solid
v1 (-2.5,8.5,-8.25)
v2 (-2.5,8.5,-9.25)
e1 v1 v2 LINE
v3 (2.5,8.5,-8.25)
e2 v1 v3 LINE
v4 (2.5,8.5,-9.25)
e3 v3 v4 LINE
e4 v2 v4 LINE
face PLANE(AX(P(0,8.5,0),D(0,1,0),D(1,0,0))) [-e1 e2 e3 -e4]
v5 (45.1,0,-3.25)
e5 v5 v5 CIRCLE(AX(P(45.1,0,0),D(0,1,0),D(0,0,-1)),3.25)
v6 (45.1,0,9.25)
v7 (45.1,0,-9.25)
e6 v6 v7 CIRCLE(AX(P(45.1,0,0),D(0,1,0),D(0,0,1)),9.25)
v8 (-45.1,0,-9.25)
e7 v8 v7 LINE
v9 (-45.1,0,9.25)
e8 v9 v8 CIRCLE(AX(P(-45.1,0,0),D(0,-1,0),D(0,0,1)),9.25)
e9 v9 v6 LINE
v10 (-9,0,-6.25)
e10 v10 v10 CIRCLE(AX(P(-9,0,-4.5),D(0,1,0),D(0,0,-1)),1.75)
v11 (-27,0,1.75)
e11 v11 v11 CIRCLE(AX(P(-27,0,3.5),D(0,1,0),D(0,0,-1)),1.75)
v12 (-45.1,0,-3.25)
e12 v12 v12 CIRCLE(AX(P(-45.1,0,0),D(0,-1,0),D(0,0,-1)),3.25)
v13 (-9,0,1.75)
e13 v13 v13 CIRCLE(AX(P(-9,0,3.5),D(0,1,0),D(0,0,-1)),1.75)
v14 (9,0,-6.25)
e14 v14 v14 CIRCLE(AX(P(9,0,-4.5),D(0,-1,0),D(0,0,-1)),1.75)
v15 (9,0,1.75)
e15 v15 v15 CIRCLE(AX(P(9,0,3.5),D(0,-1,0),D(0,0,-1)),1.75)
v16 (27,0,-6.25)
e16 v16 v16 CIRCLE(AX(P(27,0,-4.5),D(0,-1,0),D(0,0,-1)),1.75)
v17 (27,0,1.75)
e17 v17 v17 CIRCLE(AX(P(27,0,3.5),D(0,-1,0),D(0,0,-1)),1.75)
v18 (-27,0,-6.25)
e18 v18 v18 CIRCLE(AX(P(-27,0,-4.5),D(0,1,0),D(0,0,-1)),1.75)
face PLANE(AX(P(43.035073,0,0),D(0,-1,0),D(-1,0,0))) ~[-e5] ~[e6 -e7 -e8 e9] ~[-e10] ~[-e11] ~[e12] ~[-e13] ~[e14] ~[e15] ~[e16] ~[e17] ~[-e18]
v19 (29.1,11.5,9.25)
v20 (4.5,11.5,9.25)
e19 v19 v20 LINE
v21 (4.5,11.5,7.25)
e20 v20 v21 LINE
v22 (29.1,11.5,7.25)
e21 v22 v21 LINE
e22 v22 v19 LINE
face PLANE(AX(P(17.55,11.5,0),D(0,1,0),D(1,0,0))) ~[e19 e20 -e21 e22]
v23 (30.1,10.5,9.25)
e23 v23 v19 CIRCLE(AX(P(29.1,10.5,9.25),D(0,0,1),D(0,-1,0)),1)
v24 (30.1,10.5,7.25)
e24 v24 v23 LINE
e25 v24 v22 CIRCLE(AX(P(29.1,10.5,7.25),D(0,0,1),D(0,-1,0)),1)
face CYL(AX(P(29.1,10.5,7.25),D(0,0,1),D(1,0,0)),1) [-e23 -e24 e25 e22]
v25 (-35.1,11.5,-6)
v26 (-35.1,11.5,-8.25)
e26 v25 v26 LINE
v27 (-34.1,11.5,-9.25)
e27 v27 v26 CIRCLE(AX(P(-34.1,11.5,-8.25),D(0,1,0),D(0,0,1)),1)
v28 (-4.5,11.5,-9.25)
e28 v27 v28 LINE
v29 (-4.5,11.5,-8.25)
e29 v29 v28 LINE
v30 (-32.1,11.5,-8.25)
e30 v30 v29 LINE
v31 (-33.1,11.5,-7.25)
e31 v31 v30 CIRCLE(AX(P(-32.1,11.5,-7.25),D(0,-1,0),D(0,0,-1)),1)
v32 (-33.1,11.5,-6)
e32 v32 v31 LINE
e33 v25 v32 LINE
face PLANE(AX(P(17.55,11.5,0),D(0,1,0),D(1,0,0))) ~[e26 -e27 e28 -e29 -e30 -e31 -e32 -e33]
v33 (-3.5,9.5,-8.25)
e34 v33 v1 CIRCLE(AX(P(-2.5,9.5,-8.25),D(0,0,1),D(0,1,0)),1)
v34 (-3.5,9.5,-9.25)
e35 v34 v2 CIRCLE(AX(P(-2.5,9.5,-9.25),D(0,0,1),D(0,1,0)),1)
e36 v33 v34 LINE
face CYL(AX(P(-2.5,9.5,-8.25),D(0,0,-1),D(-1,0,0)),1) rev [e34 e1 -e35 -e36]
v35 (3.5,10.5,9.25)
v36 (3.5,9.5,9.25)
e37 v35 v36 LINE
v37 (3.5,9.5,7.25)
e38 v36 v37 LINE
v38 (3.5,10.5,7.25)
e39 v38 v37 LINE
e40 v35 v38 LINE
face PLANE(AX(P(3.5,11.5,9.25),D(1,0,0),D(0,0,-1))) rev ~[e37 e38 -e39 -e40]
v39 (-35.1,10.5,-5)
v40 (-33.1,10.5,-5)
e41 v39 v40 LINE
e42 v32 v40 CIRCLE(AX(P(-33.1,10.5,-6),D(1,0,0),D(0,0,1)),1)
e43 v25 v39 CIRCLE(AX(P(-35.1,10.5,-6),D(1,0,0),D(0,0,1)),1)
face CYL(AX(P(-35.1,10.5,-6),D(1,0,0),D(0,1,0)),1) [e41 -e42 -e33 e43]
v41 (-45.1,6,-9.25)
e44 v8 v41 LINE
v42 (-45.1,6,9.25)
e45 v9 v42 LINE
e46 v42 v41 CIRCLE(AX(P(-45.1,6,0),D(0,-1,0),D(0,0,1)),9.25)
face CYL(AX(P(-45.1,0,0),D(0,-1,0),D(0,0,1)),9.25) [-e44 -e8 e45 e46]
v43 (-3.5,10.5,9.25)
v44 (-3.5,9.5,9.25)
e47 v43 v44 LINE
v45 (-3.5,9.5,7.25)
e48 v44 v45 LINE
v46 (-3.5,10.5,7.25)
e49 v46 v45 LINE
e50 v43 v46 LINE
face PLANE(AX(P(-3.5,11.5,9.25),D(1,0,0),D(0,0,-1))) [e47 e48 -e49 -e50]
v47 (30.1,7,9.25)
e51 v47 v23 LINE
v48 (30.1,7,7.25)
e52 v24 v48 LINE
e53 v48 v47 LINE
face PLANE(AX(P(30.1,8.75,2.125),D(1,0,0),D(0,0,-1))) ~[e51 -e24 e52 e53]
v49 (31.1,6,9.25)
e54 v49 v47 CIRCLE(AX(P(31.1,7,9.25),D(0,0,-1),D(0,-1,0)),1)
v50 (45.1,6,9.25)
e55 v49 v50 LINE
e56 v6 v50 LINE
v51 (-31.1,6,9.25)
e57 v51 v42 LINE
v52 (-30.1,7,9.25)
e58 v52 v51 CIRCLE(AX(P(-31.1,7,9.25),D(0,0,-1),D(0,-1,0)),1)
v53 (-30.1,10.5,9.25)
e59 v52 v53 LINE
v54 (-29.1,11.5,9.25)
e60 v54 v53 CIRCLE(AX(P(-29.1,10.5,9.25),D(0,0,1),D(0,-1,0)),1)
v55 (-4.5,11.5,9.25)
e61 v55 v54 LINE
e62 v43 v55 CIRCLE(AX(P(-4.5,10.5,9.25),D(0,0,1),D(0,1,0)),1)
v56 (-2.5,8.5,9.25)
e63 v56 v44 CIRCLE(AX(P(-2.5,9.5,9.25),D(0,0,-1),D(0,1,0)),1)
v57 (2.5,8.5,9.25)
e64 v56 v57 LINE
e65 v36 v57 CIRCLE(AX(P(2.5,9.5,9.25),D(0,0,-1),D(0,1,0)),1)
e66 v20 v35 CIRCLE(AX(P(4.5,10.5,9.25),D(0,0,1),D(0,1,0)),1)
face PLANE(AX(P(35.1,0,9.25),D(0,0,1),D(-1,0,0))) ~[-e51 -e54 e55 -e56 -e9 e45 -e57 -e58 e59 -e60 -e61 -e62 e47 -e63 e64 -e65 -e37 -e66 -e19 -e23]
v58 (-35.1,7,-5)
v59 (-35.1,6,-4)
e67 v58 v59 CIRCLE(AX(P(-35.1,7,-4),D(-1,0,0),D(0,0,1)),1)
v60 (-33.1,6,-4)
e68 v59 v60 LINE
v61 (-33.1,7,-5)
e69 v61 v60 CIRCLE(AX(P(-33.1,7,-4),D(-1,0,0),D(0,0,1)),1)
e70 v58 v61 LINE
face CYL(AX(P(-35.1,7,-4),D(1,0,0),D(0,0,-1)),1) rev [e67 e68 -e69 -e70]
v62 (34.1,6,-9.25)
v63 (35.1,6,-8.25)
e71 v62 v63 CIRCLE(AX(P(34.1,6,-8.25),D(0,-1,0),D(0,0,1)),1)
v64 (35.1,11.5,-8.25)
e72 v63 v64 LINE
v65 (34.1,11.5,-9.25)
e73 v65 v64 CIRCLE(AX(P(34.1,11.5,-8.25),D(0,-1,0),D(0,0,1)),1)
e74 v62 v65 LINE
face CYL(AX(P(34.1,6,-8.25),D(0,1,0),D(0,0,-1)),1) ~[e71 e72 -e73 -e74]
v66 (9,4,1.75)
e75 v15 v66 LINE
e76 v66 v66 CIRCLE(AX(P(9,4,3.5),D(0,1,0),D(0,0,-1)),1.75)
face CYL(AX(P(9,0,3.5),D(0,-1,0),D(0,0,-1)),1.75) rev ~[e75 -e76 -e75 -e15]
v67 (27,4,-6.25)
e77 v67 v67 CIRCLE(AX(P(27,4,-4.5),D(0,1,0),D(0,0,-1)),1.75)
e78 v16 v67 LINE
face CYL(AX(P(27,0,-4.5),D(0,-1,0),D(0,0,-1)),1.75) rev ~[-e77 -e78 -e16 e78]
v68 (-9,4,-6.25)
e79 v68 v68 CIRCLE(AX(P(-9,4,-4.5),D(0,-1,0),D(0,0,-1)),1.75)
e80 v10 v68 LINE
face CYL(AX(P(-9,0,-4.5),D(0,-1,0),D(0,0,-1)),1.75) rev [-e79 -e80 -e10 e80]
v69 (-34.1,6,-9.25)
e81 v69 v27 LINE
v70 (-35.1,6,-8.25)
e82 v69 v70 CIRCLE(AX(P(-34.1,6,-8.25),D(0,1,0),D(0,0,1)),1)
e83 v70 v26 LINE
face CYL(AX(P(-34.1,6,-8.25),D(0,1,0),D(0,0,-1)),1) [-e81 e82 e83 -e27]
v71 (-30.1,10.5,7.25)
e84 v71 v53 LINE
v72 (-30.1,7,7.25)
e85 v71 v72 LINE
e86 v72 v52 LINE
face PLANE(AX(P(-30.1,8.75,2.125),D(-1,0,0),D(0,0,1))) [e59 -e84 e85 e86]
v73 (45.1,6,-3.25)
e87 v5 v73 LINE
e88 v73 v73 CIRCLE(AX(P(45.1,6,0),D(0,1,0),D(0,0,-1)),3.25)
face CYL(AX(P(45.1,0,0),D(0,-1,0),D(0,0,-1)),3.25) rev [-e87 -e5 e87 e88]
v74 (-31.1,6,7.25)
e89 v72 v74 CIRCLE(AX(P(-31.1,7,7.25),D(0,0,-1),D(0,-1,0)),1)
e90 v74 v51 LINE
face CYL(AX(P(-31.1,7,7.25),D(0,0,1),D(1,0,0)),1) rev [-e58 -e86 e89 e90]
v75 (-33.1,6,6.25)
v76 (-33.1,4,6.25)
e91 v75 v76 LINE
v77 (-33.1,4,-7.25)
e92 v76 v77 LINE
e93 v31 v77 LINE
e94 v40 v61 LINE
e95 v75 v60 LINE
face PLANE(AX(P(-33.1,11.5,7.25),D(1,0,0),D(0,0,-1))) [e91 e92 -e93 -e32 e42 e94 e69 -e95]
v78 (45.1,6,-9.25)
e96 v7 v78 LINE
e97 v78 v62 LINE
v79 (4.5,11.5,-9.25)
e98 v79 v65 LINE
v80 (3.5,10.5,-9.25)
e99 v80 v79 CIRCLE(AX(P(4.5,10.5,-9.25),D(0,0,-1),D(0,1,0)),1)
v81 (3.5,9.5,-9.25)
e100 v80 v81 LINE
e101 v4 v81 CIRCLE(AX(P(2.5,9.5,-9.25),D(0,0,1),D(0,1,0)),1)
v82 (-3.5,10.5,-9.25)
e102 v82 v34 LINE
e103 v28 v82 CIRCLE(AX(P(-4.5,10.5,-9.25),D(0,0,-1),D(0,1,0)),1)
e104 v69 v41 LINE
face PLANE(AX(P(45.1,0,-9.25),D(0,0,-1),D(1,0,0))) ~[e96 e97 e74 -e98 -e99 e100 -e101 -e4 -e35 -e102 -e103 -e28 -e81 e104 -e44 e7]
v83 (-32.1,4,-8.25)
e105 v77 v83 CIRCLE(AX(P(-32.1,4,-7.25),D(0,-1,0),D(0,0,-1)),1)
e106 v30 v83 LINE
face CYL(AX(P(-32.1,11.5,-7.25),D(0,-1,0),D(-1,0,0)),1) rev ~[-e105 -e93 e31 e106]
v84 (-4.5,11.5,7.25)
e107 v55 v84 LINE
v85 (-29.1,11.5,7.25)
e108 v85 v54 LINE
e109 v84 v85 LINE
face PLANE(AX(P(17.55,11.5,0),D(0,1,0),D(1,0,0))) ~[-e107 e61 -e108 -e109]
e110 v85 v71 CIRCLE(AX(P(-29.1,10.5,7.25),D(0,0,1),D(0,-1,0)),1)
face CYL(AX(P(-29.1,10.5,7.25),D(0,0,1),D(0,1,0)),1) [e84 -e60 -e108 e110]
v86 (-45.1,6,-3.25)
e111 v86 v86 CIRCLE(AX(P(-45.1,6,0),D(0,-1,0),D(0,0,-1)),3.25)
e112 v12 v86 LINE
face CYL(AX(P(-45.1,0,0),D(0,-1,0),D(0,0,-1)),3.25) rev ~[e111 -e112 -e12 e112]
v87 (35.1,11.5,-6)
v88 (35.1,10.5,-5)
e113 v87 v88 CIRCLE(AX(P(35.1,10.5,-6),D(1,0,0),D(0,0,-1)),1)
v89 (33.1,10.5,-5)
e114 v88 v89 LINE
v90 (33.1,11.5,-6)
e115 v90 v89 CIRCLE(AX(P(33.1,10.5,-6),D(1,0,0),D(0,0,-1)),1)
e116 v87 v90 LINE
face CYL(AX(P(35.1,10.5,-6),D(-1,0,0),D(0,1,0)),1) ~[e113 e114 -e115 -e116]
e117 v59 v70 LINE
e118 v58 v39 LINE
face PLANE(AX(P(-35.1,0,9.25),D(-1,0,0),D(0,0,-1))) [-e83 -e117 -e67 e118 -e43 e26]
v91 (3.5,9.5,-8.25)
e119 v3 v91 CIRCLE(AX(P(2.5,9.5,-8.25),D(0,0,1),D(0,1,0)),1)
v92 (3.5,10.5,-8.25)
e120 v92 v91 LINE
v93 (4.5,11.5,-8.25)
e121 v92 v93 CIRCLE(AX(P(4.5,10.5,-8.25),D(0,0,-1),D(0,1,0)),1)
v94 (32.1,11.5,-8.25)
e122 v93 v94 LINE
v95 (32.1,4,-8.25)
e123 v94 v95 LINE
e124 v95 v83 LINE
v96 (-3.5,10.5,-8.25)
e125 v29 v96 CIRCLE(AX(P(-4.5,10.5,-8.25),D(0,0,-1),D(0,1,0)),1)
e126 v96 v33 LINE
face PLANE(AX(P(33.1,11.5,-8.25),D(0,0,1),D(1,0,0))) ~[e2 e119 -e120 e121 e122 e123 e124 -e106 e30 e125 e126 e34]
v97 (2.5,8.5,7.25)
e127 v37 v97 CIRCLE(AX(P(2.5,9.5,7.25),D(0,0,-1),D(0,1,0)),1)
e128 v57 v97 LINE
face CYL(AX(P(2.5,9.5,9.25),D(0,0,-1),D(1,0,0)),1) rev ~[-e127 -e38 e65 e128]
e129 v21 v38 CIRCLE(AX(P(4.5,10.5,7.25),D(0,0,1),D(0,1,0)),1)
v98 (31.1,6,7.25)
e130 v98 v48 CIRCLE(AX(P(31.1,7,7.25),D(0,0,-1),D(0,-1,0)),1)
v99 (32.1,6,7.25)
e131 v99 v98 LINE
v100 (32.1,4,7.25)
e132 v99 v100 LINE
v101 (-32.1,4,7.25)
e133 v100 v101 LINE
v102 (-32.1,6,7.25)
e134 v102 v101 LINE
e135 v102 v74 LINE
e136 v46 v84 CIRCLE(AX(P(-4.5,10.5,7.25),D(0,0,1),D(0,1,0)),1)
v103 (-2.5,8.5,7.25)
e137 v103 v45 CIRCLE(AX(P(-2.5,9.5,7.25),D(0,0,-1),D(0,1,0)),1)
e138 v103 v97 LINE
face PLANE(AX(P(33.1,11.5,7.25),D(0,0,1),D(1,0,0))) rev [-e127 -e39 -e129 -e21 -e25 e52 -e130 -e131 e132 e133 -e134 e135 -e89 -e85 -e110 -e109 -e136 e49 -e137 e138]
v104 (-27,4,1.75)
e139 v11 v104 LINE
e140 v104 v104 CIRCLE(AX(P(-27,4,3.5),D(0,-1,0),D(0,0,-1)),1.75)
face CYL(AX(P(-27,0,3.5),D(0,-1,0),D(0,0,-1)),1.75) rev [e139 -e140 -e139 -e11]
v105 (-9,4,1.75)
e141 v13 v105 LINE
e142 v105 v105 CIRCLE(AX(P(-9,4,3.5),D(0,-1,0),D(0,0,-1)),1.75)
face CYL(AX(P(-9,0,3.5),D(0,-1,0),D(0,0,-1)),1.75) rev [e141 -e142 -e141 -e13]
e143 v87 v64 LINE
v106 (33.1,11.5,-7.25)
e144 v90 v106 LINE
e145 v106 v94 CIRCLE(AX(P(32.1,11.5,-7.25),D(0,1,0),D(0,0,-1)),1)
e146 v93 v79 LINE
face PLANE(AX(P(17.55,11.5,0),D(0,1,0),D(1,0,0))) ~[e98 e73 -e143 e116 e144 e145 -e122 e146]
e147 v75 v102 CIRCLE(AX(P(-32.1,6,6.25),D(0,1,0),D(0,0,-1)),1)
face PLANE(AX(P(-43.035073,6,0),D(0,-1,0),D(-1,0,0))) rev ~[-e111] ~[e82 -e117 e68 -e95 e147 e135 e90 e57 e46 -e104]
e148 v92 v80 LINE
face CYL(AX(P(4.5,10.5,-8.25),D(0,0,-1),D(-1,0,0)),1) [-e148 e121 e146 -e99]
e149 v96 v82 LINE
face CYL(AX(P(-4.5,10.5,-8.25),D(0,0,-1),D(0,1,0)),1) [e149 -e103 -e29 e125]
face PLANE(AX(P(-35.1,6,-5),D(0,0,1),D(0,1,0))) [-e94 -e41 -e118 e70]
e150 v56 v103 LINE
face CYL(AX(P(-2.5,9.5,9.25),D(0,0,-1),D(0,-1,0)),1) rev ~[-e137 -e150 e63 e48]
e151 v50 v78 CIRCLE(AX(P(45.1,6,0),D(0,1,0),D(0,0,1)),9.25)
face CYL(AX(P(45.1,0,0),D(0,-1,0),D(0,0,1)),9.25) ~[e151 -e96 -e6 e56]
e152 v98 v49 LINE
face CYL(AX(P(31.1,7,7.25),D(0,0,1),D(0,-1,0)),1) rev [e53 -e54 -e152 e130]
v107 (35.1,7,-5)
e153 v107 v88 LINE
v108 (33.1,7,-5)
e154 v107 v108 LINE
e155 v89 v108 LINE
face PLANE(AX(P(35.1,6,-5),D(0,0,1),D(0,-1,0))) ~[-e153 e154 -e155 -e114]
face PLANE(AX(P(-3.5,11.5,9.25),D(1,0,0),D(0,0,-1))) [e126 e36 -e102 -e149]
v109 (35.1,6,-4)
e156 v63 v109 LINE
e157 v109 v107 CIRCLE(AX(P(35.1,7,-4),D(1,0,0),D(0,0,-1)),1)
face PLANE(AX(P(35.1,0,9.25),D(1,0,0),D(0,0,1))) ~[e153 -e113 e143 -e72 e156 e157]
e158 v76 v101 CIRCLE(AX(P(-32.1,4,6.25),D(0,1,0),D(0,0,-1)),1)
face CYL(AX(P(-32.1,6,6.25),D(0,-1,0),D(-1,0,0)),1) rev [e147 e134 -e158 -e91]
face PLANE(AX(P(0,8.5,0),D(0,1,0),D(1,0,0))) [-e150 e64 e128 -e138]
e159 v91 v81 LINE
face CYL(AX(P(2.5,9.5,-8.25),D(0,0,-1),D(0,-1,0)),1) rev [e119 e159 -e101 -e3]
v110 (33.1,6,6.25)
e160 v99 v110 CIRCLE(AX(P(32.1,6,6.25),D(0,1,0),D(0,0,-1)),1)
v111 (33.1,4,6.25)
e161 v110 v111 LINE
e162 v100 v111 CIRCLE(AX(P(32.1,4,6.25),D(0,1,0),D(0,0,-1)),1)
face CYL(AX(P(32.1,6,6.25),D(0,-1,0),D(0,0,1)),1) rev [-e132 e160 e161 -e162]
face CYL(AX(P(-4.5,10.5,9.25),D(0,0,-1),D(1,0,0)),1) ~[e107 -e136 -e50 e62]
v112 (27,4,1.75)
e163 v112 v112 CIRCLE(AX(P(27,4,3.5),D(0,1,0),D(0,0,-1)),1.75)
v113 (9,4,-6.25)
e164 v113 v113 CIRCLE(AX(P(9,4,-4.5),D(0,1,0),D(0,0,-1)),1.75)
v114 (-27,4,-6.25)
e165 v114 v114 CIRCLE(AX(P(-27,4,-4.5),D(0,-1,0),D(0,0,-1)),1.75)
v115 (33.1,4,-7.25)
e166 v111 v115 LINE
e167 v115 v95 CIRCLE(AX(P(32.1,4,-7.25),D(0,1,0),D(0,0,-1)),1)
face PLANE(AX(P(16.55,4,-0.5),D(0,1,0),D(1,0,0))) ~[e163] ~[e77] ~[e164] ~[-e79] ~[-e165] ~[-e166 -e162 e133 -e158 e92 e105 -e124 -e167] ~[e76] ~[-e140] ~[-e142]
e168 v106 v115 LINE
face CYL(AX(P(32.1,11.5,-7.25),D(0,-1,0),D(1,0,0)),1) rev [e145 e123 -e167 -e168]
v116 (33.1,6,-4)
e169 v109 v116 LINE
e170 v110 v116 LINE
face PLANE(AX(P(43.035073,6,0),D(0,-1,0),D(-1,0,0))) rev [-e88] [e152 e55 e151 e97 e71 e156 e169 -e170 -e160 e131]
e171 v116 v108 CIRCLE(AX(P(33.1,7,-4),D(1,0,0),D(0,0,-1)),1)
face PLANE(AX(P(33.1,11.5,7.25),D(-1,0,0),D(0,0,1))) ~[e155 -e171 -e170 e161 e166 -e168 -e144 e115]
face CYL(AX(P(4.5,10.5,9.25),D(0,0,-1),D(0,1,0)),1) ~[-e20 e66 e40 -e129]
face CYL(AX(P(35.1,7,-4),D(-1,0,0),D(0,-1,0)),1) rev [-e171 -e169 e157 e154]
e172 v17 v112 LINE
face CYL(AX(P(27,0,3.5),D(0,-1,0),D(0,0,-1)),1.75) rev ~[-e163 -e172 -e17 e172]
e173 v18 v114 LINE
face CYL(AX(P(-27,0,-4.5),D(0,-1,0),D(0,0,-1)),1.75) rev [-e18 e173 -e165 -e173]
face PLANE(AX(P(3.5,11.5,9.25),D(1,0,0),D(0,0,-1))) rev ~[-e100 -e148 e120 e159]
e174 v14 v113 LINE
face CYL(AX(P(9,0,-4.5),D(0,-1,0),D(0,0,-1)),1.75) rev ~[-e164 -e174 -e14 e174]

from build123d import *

# Parameters (mm, degrees)
SKETCH1_W           = 35.1
SKETCH1_H           = 18.5
BOSS_EXTRUDE1_DEPTH = 11.5
SKETCH7_W           = 33.1
SKETCH7_H           = 15.5
CUT_EXTRUDE5_DEPTH  = 7.5
SKETCH2_R           = 1.75
CUT_EXTRUDE1_DEPTH  = 39.076534769
SKETCH4_W           = 14.25
SKETCH4_H           = 5.5
CUT_EXTRUDE3_DEPTH  = 5
SKETCH8_R           = 3.25
BOLT_EXTRUDE_DEPTH  = 6
FILLET3_R           = 1
SKETCH9_W           = 7
SKETCH9_H           = 18.5
CUT_EXTRUDE6_DEPTH  = 3
FILLET6_R           = 1


with BuildPart() as part:
    # Sketch1 → Boss-Extrude1 (new body)
    with BuildSketch(Plane(origin=(0, 0, 0), x_dir=(1, 0, 0), z_dir=(0, 1, 0))):
        with Locations((-17.55, 0)):
            Rectangle(SKETCH1_W, SKETCH1_H)
    extrude(amount=BOSS_EXTRUDE1_DEPTH)

    # Sketch7 → Cut-Extrude5 (cut)
    with BuildSketch(Plane(origin=(0, 11.5, 0), x_dir=(1, 0, 0), z_dir=(0, 1, 0))):
        with Locations((-16.55, 0.5)):
            Rectangle(SKETCH7_W, SKETCH7_H)
    extrude(amount=-CUT_EXTRUDE5_DEPTH, mode=Mode.SUBTRACT)

    # Sketch2 → Cut-Extrude1 (cut, through all)
    with BuildSketch(Plane(origin=(0, 0, 0), x_dir=(-1, 0, 0), z_dir=(0, 1, 0))):
        with Locations(Location((27, 3.5, 0), (0, 0, 270))):
            Circle(SKETCH2_R)
        with Locations(Location((9, 3.5, 0), (0, 0, 270))):
            Circle(SKETCH2_R)
        with Locations(Location((27, -4.5, 0), (0, 0, 270))):
            Circle(SKETCH2_R)
        with Locations(Location((9, -4.5, 0), (0, 0, 270))):
            Circle(SKETCH2_R)
    extrude(amount=CUT_EXTRUDE1_DEPTH, mode=Mode.SUBTRACT)

    # Sketch4 → Cut-Extrude3 (cut)
    with BuildSketch(Plane.ZY.offset(35.1)):
        with Locations((2.125, 8.75)):
            Rectangle(SKETCH4_W, SKETCH4_H)
    extrude(amount=-CUT_EXTRUDE3_DEPTH, mode=Mode.SUBTRACT)

    # Sketch8 → bolt extrude (add)
    with BuildSketch(Plane(origin=(0, 0, 0), x_dir=(-1, 0, 0), z_dir=(0, -1, 0))):
        with BuildLine():
            Line((35.1, -9.25), (45.1, -9.25))
            ThreePointArc((45.1, -9.25), (54.35, 0), (45.1, 9.25))
            Line((45.1, 9.25), (35.1, 9.25))
            Line((35.1, 9.25), (35.1, -9.25))
        make_face()
        with Locations(Location((45.1, 0, 0), (0, 0, 90))):
            Circle(SKETCH8_R, mode=Mode.SUBTRACT)
    extrude(amount=-BOLT_EXTRUDE_DEPTH)

    # Mirror1: part across plane


with BuildPart() as part_1:
    add(part.part)
    add(part.part.mirror(Plane(origin=(0, 0, 0), x_dir=(0, 0, 1), z_dir=(1, 0, 0))))

    # Fillet3
    fillet3_edges = [part_1.edges().sort_by_distance(p)[0] for p in [
        (-34.1, 6, -5),
        (-34.1, 11.5, -5),
        (-30.1, 11.5, 8.25),
        (-30.1, 6, 8.25),
        (34.1, 11.5, -5),
        (34.1, 6, -5),
        (30.1, 11.5, 8.25),
        (30.1, 6, 8.25),
    ]]
    fillet(fillet3_edges, radius=FILLET3_R)

    # Sketch9 → Cut-Extrude6 (cut)
    with BuildSketch(Plane(origin=(0, 11.5, 0), x_dir=(1, 0, 0), z_dir=(0, 1, 0))):
        Rectangle(SKETCH9_W, SKETCH9_H)
    extrude(amount=-CUT_EXTRUDE6_DEPTH, mode=Mode.SUBTRACT)

    # Fillet6
    fillet6_edges = [part_1.edges().sort_by_distance(p)[0] for p in [
        (-33.1, 7.75, -8.25),
        (-33.1, 5, 7.25),
        (-3.5, 8.5, -8.75),
        (-3.5, 8.5, 8.25),
        (3.5, 8.5, -8.75),
        (3.5, 8.5, 8.25),
        (-3.5, 11.5, -8.75),
        (3.5, 11.5, -8.75),
        (3.5, 11.5, 8.25),
        (-3.5, 11.5, 8.25),
        (-35.1, 8.75, -9.25),
        (35.1, 8.75, -9.25),
        (33.1, 7.75, -8.25),
        (33.1, 5, 7.25),
    ]]
    fillet(fillet6_edges, radius=FILLET6_R)


solid = part_1.part
